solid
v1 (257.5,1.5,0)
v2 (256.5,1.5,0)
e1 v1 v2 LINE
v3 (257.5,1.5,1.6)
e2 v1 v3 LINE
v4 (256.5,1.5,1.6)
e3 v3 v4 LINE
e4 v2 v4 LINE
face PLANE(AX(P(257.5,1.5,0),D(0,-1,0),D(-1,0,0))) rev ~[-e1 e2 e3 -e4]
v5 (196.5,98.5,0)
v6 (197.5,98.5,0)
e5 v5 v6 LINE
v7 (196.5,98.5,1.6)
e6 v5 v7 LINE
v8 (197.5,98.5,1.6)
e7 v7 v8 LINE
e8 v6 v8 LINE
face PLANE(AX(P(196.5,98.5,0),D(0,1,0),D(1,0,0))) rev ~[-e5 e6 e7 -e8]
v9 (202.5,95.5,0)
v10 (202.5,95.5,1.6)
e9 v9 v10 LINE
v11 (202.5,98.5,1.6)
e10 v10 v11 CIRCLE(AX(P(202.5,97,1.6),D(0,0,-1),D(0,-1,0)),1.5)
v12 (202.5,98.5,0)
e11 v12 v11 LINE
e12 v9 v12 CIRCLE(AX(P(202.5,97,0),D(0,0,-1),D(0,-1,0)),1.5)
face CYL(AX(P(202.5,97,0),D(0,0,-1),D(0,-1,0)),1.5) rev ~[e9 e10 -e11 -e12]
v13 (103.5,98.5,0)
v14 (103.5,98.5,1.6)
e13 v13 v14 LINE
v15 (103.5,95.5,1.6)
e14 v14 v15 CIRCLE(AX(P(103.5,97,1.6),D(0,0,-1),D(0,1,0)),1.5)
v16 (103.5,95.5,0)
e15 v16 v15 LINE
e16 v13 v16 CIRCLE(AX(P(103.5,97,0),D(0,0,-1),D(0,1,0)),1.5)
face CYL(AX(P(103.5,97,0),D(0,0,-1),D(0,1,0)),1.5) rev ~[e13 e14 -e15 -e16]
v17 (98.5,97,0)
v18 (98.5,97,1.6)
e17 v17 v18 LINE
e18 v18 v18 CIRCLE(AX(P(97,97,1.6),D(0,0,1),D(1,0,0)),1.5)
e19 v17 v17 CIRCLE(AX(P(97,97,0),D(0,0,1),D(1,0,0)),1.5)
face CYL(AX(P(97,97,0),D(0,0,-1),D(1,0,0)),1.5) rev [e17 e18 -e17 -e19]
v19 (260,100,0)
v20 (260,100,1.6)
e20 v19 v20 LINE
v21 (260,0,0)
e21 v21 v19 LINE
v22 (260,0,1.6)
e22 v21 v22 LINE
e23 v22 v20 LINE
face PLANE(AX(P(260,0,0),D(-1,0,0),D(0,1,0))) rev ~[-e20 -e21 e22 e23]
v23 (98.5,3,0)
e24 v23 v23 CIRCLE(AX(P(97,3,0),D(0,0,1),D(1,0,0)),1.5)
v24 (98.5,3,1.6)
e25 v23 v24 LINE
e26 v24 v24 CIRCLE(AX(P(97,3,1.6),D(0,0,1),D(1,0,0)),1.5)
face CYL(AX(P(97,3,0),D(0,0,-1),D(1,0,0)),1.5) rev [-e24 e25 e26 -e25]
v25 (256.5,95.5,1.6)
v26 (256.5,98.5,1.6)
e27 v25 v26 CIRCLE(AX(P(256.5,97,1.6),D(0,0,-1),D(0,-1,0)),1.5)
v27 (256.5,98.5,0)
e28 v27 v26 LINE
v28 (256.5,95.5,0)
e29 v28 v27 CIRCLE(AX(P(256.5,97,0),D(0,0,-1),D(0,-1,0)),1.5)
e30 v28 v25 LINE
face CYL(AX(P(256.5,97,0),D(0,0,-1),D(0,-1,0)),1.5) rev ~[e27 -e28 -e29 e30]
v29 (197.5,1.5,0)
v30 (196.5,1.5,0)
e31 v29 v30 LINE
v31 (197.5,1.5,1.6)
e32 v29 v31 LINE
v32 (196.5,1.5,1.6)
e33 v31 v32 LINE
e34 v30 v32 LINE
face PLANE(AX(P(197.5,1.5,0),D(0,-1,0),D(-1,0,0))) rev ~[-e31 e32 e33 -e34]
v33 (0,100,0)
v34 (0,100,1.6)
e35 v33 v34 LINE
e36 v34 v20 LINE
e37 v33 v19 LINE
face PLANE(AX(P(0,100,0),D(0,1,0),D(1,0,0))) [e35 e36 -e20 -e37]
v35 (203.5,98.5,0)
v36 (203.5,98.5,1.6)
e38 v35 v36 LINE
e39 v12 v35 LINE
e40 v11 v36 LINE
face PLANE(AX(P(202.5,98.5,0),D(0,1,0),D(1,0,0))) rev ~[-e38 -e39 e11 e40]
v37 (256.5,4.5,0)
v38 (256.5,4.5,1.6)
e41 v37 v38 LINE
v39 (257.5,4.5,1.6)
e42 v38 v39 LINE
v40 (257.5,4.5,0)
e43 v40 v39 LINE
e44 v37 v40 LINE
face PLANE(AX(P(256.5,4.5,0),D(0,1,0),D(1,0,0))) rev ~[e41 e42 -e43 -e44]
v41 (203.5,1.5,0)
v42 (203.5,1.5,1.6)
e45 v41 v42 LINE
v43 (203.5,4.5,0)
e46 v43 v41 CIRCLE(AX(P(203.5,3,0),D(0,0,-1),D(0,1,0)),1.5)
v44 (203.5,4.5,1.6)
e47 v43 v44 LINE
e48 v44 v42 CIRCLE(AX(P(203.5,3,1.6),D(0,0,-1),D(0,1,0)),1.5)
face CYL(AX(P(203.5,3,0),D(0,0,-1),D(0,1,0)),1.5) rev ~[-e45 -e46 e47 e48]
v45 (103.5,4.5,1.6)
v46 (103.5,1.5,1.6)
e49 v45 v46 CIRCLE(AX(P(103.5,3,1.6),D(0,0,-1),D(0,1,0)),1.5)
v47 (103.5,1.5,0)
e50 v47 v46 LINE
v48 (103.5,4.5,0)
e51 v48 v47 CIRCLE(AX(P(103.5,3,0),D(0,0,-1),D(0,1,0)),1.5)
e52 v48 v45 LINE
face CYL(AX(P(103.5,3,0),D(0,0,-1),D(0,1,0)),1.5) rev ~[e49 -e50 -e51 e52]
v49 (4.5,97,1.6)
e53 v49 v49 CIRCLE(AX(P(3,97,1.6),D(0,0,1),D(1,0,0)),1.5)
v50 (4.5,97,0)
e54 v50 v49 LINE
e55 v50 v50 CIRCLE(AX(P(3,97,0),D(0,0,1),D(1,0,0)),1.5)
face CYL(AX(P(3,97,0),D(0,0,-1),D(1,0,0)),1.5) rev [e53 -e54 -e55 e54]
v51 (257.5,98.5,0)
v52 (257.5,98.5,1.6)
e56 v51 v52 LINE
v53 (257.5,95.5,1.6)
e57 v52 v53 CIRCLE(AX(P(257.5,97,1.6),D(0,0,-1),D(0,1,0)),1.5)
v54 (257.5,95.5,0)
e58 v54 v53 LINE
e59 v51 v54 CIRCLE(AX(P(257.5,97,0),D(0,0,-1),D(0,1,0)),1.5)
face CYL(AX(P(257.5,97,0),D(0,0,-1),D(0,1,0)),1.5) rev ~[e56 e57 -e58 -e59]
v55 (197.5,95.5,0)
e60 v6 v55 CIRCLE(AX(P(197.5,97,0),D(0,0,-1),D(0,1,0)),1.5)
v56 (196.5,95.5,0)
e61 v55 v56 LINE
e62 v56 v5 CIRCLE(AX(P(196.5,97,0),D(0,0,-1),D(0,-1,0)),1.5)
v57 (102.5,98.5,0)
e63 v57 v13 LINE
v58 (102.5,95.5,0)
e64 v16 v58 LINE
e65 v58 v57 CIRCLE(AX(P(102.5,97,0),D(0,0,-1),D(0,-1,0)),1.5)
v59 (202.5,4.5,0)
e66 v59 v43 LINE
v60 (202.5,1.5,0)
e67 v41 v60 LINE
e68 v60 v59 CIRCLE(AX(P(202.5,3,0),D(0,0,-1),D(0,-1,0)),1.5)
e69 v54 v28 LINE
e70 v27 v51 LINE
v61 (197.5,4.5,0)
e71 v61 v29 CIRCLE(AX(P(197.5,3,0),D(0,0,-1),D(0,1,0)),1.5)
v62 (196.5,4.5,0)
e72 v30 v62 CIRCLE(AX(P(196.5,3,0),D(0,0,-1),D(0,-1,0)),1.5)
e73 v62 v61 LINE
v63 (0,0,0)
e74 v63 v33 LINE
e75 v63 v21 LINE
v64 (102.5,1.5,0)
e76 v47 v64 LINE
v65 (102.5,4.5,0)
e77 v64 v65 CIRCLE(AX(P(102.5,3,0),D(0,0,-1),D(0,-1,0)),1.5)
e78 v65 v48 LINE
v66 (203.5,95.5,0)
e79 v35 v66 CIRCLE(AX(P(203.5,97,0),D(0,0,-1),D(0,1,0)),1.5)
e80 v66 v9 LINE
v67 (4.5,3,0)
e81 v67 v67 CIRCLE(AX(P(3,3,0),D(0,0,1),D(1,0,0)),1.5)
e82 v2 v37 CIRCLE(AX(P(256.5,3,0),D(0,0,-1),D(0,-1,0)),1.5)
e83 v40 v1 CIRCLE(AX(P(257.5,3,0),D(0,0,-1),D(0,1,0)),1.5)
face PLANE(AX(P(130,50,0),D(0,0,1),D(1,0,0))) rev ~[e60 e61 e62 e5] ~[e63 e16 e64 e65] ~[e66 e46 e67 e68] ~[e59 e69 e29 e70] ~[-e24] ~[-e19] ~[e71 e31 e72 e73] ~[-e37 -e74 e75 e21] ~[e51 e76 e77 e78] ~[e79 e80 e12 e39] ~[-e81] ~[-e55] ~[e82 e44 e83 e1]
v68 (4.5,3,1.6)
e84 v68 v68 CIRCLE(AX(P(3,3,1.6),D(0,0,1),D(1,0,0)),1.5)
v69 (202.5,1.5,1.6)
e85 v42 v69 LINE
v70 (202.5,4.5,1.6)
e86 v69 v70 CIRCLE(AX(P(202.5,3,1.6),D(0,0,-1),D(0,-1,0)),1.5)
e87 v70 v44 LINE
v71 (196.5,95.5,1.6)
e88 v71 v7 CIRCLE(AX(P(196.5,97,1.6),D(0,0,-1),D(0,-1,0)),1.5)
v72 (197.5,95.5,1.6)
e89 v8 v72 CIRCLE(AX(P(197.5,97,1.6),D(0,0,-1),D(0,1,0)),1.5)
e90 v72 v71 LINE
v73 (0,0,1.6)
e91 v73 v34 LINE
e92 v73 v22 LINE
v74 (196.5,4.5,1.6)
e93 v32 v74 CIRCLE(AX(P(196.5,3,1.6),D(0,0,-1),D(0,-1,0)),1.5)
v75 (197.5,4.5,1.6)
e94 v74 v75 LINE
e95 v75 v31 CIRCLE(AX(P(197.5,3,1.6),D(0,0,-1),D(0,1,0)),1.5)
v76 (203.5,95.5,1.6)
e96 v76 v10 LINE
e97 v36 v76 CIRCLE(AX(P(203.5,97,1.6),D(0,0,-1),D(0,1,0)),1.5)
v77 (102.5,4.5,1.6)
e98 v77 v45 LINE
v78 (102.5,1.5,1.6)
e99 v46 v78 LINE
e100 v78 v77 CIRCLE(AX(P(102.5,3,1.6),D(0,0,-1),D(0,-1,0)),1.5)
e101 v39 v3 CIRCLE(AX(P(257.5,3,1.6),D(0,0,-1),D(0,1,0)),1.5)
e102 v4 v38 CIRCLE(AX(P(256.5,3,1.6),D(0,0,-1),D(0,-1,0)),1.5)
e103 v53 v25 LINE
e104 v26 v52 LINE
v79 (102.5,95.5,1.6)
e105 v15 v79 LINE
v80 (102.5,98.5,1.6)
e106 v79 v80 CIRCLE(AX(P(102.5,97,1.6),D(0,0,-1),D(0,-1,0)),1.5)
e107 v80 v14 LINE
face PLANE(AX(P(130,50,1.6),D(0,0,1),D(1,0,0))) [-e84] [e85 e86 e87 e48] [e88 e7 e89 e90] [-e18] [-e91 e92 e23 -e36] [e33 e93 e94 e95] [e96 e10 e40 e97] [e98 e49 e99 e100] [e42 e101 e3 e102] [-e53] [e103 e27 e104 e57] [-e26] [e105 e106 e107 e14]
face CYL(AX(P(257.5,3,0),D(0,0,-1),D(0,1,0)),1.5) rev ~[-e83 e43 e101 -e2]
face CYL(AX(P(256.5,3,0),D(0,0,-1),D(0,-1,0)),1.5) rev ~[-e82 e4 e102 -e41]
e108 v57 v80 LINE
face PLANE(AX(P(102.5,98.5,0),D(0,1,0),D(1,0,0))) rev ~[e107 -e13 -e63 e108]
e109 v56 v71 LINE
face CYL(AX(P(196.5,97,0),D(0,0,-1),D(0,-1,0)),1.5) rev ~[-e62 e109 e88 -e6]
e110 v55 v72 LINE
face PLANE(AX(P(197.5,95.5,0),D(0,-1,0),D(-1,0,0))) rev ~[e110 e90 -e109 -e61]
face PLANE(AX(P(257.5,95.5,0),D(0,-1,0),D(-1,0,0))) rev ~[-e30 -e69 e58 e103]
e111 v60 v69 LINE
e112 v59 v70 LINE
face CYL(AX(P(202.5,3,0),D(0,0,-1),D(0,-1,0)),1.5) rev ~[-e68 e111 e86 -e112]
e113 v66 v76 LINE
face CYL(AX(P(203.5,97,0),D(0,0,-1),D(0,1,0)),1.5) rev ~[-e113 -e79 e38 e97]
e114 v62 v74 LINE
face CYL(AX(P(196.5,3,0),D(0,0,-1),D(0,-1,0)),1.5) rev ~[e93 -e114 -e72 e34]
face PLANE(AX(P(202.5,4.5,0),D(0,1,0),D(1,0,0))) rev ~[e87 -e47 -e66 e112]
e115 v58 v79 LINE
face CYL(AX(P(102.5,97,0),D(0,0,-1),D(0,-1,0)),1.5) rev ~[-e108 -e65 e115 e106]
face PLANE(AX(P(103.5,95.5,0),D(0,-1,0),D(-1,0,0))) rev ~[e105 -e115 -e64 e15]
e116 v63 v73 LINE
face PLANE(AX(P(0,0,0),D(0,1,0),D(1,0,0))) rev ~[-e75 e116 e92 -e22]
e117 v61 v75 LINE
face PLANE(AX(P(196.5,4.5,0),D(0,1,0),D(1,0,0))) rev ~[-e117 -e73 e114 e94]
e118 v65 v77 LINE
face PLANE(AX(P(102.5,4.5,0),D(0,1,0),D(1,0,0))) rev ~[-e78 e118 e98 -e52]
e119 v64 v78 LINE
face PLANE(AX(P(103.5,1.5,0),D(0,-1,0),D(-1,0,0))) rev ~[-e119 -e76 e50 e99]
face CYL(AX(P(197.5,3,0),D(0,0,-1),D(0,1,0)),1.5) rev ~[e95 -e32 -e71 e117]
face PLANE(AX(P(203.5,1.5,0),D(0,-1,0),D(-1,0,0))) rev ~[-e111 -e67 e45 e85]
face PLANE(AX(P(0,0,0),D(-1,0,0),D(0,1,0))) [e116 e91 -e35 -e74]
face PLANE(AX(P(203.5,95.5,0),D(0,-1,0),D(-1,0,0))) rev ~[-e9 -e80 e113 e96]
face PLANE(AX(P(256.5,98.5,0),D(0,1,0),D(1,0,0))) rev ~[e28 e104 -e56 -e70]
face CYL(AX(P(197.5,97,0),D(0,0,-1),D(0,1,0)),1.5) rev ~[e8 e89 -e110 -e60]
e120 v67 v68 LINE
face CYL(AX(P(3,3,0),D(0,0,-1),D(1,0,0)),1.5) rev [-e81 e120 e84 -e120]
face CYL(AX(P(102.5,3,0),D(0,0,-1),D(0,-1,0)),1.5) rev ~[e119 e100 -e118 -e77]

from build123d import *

# Parameters (mm, degrees)
SKETCH_1_W      = 260
SKETCH_1_H      = 100
SKETCH_1_R      = 1.5
EXTRUDE_1_DEPTH = 1.6


with BuildPart() as part:
    # 草图1 → 凸台-拉伸1 (new body)
    with BuildSketch(Plane.XY):
        with Locations((130, 50)):
            Rectangle(SKETCH_1_W, SKETCH_1_H)
        with Locations((3, 3)):
            Circle(SKETCH_1_R, mode=Mode.SUBTRACT)
        with Locations((3, 97)):
            Circle(SKETCH_1_R, mode=Mode.SUBTRACT)
        with Locations((97, 97)):
            Circle(SKETCH_1_R, mode=Mode.SUBTRACT)
        with Locations((97, 3)):
            Circle(SKETCH_1_R, mode=Mode.SUBTRACT)
        with BuildLine():
            Line((102.5, 98.5), (103.5, 98.5))
            ThreePointArc((103.5, 98.5), (105, 97), (103.5, 95.5))
            Line((103.5, 95.5), (102.5, 95.5))
            ThreePointArc((102.5, 95.5), (101, 97), (102.5, 98.5))
        make_face(mode=Mode.SUBTRACT)
        with BuildLine():
            Line((102.5, 4.5), (103.5, 4.5))
            ThreePointArc((103.5, 4.5), (105, 3), (103.5, 1.5))
            Line((103.5, 1.5), (102.5, 1.5))
            ThreePointArc((102.5, 1.5), (101, 3), (102.5, 4.5))
        make_face(mode=Mode.SUBTRACT)
        with BuildLine():
            Line((196.5, 98.5), (197.5, 98.5))
            ThreePointArc((197.5, 98.5), (199, 97), (197.5, 95.5))
            Line((197.5, 95.5), (196.5, 95.5))
            ThreePointArc((196.5, 95.5), (195, 97), (196.5, 98.5))
        make_face(mode=Mode.SUBTRACT)
        with BuildLine():
            Line((196.5, 4.5), (197.5, 4.5))
            ThreePointArc((197.5, 4.5), (199, 3), (197.5, 1.5))
            Line((197.5, 1.5), (196.5, 1.5))
            ThreePointArc((196.5, 1.5), (195, 3), (196.5, 4.5))
        make_face(mode=Mode.SUBTRACT)
        with BuildLine():
            Line((202.5, 4.5), (203.5, 4.5))
            ThreePointArc((203.5, 4.5), (205, 3), (203.5, 1.5))
            Line((203.5, 1.5), (202.5, 1.5))
            ThreePointArc((202.5, 1.5), (201, 3), (202.5, 4.5))
        make_face(mode=Mode.SUBTRACT)
        with BuildLine():
            Line((202.5, 98.5), (203.5, 98.5))
            ThreePointArc((203.5, 98.5), (205, 97), (203.5, 95.5))
            Line((203.5, 95.5), (202.5, 95.5))
            ThreePointArc((202.5, 95.5), (201, 97), (202.5, 98.5))
        make_face(mode=Mode.SUBTRACT)
        with BuildLine():
            Line((257.5, 95.5), (256.5, 95.5))
            ThreePointArc((256.5, 95.5), (255, 97), (256.5, 98.5))
            Line((256.5, 98.5), (257.5, 98.5))
            ThreePointArc((257.5, 98.5), (259, 97), (257.5, 95.5))
        make_face(mode=Mode.SUBTRACT)
        with BuildLine():
            Line((257.5, 1.5), (256.5, 1.5))
            ThreePointArc((256.5, 1.5), (255, 3), (256.5, 4.5))
            Line((256.5, 4.5), (257.5, 4.5))
            ThreePointArc((257.5, 4.5), (259, 3), (257.5, 1.5))
        make_face(mode=Mode.SUBTRACT)
    extrude(amount=EXTRUDE_1_DEPTH)


solid = part.part
